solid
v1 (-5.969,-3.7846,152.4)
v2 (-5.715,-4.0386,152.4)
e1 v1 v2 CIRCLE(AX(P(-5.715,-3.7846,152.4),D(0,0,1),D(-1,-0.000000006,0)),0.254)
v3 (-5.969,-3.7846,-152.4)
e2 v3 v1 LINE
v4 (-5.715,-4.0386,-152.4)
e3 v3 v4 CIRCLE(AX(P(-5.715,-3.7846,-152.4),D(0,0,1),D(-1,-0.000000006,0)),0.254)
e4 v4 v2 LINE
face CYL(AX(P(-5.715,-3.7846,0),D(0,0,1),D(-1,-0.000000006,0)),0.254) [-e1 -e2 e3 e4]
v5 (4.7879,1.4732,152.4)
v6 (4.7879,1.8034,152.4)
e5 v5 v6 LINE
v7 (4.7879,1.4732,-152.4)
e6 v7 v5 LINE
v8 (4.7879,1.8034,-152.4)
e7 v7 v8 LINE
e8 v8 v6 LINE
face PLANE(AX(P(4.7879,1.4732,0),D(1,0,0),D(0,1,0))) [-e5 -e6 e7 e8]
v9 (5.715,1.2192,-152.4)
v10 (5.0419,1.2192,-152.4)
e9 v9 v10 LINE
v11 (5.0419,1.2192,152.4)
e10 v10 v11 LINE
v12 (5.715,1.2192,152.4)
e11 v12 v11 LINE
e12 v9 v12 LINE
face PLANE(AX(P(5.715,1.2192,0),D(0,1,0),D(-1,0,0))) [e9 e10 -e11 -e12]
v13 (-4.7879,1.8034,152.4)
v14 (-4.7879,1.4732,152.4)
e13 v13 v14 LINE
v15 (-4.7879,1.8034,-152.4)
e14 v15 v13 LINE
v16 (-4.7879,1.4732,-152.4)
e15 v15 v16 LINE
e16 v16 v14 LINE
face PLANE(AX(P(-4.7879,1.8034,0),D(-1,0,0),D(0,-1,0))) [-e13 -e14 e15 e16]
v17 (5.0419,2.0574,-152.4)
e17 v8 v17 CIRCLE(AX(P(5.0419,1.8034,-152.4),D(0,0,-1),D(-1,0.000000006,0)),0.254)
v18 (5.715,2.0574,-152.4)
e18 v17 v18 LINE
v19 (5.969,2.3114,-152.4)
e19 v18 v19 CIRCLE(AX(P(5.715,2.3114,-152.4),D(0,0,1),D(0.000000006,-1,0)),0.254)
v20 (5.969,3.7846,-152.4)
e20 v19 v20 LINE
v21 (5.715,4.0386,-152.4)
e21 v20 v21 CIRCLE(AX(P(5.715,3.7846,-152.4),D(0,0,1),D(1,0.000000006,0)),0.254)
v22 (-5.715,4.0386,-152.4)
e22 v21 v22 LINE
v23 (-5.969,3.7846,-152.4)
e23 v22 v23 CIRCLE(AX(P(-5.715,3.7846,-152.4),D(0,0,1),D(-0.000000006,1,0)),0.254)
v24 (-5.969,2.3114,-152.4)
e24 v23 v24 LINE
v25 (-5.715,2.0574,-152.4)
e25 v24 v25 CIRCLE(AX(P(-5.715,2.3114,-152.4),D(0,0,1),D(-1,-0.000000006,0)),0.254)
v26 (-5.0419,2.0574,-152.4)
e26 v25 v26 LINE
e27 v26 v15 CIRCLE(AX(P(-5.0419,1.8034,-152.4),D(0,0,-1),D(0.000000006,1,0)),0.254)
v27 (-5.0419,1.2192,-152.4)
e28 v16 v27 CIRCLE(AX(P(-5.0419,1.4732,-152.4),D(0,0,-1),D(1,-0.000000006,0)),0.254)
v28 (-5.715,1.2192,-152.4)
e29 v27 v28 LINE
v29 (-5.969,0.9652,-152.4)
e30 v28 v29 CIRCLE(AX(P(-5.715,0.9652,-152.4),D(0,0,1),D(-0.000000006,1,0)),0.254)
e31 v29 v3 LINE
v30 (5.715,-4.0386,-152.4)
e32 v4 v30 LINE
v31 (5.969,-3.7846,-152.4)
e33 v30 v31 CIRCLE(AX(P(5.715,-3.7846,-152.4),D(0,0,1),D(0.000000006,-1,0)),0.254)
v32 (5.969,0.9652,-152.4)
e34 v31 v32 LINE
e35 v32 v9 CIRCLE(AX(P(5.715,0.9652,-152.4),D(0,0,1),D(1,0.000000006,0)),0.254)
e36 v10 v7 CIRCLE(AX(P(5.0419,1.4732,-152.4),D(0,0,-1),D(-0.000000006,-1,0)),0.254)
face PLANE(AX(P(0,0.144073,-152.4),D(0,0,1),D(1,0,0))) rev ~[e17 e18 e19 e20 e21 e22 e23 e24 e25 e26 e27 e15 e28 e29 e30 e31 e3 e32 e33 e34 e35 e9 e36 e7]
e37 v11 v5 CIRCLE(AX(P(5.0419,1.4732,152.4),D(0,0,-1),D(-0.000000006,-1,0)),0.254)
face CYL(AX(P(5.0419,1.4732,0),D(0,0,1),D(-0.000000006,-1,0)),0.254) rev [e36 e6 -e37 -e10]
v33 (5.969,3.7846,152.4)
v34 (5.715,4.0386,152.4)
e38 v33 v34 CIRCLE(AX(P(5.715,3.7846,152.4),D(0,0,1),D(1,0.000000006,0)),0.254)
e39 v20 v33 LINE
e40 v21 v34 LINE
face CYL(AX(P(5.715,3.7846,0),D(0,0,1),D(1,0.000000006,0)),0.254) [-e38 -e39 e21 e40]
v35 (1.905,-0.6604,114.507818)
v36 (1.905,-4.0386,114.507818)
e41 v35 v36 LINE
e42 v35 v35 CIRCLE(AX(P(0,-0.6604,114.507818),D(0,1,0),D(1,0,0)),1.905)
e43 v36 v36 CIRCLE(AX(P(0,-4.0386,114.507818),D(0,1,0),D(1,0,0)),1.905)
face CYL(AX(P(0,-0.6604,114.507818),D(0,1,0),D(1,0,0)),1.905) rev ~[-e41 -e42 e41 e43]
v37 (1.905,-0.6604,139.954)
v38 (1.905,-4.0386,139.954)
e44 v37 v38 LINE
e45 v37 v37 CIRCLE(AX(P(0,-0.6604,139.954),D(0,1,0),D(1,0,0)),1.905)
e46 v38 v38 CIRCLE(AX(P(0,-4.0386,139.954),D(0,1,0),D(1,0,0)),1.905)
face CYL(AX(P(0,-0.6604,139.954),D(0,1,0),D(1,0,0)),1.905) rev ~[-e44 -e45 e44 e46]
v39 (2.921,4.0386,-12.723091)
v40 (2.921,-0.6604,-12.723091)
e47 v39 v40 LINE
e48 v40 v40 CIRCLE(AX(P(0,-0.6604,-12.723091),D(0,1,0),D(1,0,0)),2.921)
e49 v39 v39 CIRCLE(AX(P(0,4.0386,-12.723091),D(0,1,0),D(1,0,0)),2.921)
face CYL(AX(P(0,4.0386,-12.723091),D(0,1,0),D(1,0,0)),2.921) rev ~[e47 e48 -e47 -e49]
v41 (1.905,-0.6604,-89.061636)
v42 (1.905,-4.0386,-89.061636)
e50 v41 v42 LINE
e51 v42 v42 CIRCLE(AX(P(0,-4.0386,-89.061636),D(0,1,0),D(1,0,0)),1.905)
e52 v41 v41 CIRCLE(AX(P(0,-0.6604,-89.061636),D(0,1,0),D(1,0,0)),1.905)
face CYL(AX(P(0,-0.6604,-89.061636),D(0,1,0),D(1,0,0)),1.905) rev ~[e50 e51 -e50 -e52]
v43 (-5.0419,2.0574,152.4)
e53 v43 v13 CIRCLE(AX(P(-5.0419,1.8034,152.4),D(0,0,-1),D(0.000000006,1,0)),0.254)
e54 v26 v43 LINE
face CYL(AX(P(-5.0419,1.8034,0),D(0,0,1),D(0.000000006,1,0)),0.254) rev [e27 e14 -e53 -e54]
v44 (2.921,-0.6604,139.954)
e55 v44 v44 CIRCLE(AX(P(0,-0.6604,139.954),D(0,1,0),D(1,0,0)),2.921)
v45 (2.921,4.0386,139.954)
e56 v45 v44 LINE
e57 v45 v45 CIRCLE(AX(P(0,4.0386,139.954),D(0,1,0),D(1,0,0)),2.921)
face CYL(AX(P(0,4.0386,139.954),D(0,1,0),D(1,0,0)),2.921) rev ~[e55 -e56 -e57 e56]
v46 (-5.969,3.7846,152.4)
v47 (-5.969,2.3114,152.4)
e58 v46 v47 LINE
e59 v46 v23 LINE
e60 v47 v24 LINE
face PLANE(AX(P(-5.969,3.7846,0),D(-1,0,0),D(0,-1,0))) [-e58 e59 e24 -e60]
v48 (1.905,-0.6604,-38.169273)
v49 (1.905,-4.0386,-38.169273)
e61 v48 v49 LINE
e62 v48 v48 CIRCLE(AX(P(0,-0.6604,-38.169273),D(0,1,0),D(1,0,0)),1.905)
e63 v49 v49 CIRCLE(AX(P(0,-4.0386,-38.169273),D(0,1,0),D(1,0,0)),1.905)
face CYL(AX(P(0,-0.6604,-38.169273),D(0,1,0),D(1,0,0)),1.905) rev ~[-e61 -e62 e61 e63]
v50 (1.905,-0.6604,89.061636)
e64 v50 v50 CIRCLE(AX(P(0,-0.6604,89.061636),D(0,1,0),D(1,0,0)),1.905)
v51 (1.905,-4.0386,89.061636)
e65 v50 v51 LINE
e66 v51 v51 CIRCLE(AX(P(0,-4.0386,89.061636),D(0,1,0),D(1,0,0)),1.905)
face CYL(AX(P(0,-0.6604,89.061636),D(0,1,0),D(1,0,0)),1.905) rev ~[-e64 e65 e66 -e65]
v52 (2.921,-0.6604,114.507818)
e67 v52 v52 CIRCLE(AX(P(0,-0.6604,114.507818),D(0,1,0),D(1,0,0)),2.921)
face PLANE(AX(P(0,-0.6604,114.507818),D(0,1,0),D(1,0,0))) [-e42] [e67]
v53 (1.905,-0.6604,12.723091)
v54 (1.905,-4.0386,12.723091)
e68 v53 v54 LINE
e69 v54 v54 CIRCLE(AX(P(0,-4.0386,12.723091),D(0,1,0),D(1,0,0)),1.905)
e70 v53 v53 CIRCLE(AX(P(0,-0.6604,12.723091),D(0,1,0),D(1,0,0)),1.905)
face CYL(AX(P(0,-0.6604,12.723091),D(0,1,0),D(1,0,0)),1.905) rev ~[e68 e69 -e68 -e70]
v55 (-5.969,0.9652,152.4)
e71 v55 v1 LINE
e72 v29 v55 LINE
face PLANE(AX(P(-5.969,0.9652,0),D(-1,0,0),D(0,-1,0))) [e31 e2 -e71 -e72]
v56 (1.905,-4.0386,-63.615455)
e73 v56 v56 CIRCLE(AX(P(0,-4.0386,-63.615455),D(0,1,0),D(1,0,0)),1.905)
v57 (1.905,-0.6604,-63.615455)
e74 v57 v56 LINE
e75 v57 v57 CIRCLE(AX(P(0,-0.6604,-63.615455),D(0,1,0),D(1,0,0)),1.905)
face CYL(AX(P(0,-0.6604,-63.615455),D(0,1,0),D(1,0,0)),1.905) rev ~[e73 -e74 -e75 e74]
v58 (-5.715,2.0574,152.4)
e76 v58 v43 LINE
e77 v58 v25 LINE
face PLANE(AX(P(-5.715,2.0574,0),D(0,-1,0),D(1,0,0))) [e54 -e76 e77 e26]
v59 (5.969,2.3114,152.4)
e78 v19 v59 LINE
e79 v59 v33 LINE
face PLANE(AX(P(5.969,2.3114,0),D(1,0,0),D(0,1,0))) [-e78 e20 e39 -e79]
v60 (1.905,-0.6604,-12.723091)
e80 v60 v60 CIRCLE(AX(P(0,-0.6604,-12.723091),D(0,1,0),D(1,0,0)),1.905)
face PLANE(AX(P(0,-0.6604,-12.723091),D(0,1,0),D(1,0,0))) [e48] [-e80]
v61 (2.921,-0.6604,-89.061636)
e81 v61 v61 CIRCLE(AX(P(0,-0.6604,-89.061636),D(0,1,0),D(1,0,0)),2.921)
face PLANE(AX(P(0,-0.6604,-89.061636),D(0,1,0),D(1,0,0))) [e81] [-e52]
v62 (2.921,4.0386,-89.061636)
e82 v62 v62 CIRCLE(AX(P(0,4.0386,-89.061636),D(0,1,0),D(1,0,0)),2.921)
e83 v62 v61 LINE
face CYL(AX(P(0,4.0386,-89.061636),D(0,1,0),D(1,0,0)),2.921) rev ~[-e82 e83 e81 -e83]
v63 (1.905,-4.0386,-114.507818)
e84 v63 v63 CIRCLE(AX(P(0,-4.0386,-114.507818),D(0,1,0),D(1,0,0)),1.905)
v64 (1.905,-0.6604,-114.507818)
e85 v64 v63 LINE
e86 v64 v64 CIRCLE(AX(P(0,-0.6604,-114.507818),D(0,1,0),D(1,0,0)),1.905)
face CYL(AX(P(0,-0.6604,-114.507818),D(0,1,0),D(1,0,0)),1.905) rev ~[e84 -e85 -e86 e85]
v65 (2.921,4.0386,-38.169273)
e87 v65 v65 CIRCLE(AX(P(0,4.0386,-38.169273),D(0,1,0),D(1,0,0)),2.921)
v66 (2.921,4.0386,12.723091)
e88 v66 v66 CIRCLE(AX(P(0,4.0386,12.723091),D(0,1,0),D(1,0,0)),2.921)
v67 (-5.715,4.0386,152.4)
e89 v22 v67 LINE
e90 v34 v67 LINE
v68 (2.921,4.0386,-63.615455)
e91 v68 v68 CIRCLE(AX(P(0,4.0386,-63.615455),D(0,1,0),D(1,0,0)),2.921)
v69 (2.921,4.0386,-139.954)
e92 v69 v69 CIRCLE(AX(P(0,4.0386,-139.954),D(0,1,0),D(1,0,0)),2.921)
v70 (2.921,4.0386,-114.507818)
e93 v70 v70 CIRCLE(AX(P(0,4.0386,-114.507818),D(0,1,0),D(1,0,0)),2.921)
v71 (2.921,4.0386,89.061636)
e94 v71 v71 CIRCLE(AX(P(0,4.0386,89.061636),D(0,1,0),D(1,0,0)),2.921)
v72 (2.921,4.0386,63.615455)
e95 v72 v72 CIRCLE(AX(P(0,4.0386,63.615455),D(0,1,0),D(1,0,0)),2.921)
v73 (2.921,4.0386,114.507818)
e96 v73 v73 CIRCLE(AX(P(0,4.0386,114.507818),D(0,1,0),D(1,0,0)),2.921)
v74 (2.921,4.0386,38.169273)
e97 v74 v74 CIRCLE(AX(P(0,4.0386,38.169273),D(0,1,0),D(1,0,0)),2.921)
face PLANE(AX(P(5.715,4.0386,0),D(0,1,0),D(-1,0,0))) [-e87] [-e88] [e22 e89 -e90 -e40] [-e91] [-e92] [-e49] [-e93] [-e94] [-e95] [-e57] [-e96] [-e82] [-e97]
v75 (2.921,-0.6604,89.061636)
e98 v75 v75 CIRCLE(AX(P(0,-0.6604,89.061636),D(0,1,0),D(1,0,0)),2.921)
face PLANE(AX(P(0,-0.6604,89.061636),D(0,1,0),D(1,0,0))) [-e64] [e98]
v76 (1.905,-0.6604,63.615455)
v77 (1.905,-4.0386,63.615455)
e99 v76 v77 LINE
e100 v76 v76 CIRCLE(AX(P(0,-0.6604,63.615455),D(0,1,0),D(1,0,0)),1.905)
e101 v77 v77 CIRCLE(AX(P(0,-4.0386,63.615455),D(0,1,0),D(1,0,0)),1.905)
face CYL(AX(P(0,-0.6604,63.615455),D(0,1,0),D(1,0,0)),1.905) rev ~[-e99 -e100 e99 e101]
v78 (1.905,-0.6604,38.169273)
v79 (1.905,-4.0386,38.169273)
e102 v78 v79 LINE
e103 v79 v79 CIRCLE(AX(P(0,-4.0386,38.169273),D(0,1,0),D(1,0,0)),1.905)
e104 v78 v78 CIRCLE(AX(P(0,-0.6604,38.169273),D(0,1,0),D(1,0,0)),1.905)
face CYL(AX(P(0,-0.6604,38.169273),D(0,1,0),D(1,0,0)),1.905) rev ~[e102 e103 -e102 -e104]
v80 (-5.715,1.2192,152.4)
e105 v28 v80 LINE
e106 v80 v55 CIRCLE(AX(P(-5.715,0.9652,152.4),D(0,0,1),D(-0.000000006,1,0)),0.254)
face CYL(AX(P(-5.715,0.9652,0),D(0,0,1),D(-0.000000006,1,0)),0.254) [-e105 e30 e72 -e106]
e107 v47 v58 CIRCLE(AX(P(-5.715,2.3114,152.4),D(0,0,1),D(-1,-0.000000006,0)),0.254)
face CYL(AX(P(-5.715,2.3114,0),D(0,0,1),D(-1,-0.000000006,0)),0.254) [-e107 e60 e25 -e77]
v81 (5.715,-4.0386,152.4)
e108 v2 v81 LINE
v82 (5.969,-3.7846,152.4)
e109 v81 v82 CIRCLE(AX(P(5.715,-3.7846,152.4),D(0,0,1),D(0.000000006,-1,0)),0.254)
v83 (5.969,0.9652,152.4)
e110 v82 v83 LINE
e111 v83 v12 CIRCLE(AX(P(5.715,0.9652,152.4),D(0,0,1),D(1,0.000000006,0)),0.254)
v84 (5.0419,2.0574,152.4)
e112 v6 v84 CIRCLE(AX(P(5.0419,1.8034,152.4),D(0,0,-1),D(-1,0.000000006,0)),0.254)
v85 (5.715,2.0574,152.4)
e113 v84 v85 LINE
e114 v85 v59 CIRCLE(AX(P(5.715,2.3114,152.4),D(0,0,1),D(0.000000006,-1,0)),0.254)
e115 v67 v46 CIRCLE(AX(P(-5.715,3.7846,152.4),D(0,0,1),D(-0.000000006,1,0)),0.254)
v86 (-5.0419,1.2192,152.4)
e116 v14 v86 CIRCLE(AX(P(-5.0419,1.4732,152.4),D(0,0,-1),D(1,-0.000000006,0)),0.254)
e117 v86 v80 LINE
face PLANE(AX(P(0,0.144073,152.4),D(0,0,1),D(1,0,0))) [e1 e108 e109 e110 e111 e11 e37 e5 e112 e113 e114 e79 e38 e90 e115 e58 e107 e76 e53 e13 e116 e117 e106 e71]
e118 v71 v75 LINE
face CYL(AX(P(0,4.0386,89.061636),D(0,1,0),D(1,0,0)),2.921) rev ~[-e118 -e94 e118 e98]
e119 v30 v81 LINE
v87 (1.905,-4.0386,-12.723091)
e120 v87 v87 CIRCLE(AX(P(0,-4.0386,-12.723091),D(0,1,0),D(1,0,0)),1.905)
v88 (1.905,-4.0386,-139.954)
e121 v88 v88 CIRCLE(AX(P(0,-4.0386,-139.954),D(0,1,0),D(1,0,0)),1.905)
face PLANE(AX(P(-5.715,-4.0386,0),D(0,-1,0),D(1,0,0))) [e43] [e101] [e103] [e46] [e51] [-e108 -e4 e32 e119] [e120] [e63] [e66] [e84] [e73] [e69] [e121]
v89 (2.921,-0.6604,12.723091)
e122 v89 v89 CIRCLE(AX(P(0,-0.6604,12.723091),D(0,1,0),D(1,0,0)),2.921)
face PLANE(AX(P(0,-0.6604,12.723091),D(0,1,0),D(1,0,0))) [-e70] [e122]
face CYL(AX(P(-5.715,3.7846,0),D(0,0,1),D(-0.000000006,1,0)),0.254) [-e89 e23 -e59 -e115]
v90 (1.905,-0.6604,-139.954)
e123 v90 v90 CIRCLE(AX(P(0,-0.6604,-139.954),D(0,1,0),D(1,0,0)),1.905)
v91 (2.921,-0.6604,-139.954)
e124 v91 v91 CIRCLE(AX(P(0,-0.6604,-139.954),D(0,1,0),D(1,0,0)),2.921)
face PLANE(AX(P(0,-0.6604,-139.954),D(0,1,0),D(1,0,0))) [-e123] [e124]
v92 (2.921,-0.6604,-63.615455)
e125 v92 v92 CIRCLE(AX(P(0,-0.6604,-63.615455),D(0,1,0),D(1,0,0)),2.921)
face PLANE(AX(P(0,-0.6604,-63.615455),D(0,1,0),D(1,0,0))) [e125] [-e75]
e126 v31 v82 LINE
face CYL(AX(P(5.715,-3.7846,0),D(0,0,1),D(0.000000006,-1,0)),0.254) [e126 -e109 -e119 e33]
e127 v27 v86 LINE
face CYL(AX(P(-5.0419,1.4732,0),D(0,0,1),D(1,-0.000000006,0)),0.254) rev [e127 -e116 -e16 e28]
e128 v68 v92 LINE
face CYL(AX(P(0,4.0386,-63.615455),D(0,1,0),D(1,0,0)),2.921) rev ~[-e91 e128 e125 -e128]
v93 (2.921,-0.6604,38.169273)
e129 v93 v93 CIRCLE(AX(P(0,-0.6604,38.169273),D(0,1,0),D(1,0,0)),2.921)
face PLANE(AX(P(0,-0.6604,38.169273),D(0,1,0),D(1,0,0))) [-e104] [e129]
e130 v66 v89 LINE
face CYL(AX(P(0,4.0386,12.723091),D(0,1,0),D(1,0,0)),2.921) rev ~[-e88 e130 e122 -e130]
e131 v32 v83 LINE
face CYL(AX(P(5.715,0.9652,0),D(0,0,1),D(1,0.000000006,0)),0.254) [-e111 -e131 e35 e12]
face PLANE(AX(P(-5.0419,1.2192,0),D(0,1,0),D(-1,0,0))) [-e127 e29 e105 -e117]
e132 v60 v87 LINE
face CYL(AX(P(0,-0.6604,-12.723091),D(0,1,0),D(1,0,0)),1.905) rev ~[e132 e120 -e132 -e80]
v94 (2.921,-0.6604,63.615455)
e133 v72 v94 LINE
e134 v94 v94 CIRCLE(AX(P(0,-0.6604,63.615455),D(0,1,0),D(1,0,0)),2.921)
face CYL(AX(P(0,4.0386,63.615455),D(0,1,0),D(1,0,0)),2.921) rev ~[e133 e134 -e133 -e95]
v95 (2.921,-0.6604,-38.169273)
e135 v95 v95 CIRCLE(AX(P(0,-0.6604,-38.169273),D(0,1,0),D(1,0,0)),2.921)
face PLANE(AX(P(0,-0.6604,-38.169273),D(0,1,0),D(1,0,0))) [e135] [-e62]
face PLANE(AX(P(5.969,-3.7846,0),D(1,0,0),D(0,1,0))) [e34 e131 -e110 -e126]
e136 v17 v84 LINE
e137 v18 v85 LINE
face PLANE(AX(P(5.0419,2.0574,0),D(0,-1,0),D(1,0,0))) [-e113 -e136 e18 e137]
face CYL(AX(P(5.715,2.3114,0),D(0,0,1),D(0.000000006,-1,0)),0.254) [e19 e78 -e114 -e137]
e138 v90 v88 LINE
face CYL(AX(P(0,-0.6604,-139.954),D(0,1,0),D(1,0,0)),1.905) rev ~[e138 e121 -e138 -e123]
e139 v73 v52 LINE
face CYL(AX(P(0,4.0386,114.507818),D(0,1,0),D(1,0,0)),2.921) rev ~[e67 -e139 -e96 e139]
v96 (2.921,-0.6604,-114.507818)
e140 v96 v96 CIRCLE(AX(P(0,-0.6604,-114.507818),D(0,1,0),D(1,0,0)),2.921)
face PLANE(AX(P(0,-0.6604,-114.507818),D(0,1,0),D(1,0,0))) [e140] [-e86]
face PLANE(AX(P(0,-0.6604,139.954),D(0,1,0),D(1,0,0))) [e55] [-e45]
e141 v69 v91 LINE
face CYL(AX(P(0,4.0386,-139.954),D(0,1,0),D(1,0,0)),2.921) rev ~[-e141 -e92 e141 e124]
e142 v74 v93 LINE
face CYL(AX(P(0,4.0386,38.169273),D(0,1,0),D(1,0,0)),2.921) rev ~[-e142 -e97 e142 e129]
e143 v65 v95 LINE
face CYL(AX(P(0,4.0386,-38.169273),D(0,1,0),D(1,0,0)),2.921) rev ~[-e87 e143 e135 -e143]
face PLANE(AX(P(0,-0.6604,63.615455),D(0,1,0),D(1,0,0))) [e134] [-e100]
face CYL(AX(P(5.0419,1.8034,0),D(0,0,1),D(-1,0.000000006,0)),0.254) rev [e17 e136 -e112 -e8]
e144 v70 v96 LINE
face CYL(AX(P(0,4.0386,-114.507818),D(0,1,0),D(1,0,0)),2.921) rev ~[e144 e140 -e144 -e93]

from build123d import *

# Parameters (mm, degrees)
BOSS_EXTRUDE1_DEPTH = 152.4
SKETCH2_R           = 2.921
CUT_EXTRUDE1_DEPTH  = 4.699
SKETCH4_R           = 1.905
CUT_EXTRUDE2_DEPTH  = 4.3782


with BuildPart() as part:
    # Sketch1 → Boss-Extrude1 (new body, symmetric)
    with BuildSketch(Plane.XY):
        with BuildLine():
            Line((-5.715, 2.0574), (-5.0419, 2.0574))
            ThreePointArc((-5.0419, 2.0574), (-4.862294878, 1.983005122), (-4.7879, 1.8034))
            Line((-4.7879, 1.8034), (-4.7879, 1.4732))
            ThreePointArc((-4.7879, 1.4732), (-4.862294878, 1.293594878), (-5.0419, 1.2192))
            Line((-5.0419, 1.2192), (-5.715, 1.2192))
            ThreePointArc((-5.715, 1.2192), (-5.894605122, 1.144805122), (-5.969, 0.9652))
            Line((-5.969, 0.9652), (-5.969, -3.7846))
            ThreePointArc((-5.969, -3.7846), (-5.894605122, -3.964205122), (-5.715, -4.0386))
            Line((-5.715, -4.0386), (5.715, -4.0386))
            ThreePointArc((5.715, -4.0386), (5.894605122, -3.964205122), (5.969, -3.7846))
            Line((5.969, -3.7846), (5.969, 0.9652))
            ThreePointArc((5.969, 0.9652), (5.894605122, 1.144805122), (5.715, 1.2192))
            Line((5.715, 1.2192), (5.0419, 1.2192))
            ThreePointArc((5.0419, 1.2192), (4.862294878, 1.293594878), (4.7879, 1.4732))
            Line((4.7879, 1.4732), (4.7879, 1.8034))
            ThreePointArc((4.7879, 1.8034), (4.862294878, 1.983005122), (5.0419, 2.0574))
            Line((5.0419, 2.0574), (5.715, 2.0574))
            ThreePointArc((5.715, 2.0574), (5.894605122, 2.131794878), (5.969, 2.3114))
            Line((5.969, 2.3114), (5.969, 3.7846))
            ThreePointArc((5.969, 3.7846), (5.894605122, 3.964205122), (5.715, 4.0386))
            Line((5.715, 4.0386), (-5.715, 4.0386))
            ThreePointArc((-5.715, 4.0386), (-5.894605122, 3.964205122), (-5.969, 3.7846))
            Line((-5.969, 3.7846), (-5.969, 2.3114))
            ThreePointArc((-5.969, 2.3114), (-5.894605122, 2.131794878), (-5.715, 2.0574))
        make_face()
    extrude(amount=BOSS_EXTRUDE1_DEPTH, both=True)

    # Sketch2 → Cut-Extrude1 (cut)
    with BuildSketch(Plane(origin=(0, 4.0386, 0), x_dir=(1, 0, 0), z_dir=(0, 1, 0))):
        with Locations((0, 139.954)):
            Circle(SKETCH2_R)
        with Locations((0, 114.507818182)):
            Circle(SKETCH2_R)
        with Locations((0, 89.061636364)):
            Circle(SKETCH2_R)
        with Locations((0, 63.615454545)):
            Circle(SKETCH2_R)
        with Locations((0, 38.169272727)):
            Circle(SKETCH2_R)
        with Locations((0, 12.723090909)):
            Circle(SKETCH2_R)
        with Locations((0, -12.723090909)):
            Circle(SKETCH2_R)
        with Locations((0, -38.169272727)):
            Circle(SKETCH2_R)
        with Locations((0, -63.615454545)):
            Circle(SKETCH2_R)
        with Locations((0, -89.061636364)):
            Circle(SKETCH2_R)
        with Locations((0, -114.507818182)):
            Circle(SKETCH2_R)
        with Locations((0, -139.954)):
            Circle(SKETCH2_R)
    extrude(amount=-CUT_EXTRUDE1_DEPTH, mode=Mode.SUBTRACT)

    # Sketch4 → Cut-Extrude2 (cut, through all)
    with BuildSketch(Plane(origin=(0, -0.6604, 0), x_dir=(1, 0, 0), z_dir=(0, 1, 0))):
        with Locations((0, 38.169272727)):
            Circle(SKETCH4_R)
        with Locations((0, 63.615454545)):
            Circle(SKETCH4_R)
        with Locations((0, 89.061636364)):
            Circle(SKETCH4_R)
        with Locations((0, 114.507818182)):
            Circle(SKETCH4_R)
        with Locations((0, 139.954)):
            Circle(SKETCH4_R)
        with Locations((0, -139.954)):
            Circle(SKETCH4_R)
        with Locations((0, -114.507818182)):
            Circle(SKETCH4_R)
        with Locations((0, -89.061636364)):
            Circle(SKETCH4_R)
        with Locations((0, -63.615454545)):
            Circle(SKETCH4_R)
        with Locations((0, -38.169272727)):
            Circle(SKETCH4_R)
        with Locations((0, -12.723090909)):
            Circle(SKETCH4_R)
        with Locations((0, 12.723090909)):
            Circle(SKETCH4_R)
    extrude(amount=-CUT_EXTRUDE2_DEPTH, mode=Mode.SUBTRACT)


solid = part.part
